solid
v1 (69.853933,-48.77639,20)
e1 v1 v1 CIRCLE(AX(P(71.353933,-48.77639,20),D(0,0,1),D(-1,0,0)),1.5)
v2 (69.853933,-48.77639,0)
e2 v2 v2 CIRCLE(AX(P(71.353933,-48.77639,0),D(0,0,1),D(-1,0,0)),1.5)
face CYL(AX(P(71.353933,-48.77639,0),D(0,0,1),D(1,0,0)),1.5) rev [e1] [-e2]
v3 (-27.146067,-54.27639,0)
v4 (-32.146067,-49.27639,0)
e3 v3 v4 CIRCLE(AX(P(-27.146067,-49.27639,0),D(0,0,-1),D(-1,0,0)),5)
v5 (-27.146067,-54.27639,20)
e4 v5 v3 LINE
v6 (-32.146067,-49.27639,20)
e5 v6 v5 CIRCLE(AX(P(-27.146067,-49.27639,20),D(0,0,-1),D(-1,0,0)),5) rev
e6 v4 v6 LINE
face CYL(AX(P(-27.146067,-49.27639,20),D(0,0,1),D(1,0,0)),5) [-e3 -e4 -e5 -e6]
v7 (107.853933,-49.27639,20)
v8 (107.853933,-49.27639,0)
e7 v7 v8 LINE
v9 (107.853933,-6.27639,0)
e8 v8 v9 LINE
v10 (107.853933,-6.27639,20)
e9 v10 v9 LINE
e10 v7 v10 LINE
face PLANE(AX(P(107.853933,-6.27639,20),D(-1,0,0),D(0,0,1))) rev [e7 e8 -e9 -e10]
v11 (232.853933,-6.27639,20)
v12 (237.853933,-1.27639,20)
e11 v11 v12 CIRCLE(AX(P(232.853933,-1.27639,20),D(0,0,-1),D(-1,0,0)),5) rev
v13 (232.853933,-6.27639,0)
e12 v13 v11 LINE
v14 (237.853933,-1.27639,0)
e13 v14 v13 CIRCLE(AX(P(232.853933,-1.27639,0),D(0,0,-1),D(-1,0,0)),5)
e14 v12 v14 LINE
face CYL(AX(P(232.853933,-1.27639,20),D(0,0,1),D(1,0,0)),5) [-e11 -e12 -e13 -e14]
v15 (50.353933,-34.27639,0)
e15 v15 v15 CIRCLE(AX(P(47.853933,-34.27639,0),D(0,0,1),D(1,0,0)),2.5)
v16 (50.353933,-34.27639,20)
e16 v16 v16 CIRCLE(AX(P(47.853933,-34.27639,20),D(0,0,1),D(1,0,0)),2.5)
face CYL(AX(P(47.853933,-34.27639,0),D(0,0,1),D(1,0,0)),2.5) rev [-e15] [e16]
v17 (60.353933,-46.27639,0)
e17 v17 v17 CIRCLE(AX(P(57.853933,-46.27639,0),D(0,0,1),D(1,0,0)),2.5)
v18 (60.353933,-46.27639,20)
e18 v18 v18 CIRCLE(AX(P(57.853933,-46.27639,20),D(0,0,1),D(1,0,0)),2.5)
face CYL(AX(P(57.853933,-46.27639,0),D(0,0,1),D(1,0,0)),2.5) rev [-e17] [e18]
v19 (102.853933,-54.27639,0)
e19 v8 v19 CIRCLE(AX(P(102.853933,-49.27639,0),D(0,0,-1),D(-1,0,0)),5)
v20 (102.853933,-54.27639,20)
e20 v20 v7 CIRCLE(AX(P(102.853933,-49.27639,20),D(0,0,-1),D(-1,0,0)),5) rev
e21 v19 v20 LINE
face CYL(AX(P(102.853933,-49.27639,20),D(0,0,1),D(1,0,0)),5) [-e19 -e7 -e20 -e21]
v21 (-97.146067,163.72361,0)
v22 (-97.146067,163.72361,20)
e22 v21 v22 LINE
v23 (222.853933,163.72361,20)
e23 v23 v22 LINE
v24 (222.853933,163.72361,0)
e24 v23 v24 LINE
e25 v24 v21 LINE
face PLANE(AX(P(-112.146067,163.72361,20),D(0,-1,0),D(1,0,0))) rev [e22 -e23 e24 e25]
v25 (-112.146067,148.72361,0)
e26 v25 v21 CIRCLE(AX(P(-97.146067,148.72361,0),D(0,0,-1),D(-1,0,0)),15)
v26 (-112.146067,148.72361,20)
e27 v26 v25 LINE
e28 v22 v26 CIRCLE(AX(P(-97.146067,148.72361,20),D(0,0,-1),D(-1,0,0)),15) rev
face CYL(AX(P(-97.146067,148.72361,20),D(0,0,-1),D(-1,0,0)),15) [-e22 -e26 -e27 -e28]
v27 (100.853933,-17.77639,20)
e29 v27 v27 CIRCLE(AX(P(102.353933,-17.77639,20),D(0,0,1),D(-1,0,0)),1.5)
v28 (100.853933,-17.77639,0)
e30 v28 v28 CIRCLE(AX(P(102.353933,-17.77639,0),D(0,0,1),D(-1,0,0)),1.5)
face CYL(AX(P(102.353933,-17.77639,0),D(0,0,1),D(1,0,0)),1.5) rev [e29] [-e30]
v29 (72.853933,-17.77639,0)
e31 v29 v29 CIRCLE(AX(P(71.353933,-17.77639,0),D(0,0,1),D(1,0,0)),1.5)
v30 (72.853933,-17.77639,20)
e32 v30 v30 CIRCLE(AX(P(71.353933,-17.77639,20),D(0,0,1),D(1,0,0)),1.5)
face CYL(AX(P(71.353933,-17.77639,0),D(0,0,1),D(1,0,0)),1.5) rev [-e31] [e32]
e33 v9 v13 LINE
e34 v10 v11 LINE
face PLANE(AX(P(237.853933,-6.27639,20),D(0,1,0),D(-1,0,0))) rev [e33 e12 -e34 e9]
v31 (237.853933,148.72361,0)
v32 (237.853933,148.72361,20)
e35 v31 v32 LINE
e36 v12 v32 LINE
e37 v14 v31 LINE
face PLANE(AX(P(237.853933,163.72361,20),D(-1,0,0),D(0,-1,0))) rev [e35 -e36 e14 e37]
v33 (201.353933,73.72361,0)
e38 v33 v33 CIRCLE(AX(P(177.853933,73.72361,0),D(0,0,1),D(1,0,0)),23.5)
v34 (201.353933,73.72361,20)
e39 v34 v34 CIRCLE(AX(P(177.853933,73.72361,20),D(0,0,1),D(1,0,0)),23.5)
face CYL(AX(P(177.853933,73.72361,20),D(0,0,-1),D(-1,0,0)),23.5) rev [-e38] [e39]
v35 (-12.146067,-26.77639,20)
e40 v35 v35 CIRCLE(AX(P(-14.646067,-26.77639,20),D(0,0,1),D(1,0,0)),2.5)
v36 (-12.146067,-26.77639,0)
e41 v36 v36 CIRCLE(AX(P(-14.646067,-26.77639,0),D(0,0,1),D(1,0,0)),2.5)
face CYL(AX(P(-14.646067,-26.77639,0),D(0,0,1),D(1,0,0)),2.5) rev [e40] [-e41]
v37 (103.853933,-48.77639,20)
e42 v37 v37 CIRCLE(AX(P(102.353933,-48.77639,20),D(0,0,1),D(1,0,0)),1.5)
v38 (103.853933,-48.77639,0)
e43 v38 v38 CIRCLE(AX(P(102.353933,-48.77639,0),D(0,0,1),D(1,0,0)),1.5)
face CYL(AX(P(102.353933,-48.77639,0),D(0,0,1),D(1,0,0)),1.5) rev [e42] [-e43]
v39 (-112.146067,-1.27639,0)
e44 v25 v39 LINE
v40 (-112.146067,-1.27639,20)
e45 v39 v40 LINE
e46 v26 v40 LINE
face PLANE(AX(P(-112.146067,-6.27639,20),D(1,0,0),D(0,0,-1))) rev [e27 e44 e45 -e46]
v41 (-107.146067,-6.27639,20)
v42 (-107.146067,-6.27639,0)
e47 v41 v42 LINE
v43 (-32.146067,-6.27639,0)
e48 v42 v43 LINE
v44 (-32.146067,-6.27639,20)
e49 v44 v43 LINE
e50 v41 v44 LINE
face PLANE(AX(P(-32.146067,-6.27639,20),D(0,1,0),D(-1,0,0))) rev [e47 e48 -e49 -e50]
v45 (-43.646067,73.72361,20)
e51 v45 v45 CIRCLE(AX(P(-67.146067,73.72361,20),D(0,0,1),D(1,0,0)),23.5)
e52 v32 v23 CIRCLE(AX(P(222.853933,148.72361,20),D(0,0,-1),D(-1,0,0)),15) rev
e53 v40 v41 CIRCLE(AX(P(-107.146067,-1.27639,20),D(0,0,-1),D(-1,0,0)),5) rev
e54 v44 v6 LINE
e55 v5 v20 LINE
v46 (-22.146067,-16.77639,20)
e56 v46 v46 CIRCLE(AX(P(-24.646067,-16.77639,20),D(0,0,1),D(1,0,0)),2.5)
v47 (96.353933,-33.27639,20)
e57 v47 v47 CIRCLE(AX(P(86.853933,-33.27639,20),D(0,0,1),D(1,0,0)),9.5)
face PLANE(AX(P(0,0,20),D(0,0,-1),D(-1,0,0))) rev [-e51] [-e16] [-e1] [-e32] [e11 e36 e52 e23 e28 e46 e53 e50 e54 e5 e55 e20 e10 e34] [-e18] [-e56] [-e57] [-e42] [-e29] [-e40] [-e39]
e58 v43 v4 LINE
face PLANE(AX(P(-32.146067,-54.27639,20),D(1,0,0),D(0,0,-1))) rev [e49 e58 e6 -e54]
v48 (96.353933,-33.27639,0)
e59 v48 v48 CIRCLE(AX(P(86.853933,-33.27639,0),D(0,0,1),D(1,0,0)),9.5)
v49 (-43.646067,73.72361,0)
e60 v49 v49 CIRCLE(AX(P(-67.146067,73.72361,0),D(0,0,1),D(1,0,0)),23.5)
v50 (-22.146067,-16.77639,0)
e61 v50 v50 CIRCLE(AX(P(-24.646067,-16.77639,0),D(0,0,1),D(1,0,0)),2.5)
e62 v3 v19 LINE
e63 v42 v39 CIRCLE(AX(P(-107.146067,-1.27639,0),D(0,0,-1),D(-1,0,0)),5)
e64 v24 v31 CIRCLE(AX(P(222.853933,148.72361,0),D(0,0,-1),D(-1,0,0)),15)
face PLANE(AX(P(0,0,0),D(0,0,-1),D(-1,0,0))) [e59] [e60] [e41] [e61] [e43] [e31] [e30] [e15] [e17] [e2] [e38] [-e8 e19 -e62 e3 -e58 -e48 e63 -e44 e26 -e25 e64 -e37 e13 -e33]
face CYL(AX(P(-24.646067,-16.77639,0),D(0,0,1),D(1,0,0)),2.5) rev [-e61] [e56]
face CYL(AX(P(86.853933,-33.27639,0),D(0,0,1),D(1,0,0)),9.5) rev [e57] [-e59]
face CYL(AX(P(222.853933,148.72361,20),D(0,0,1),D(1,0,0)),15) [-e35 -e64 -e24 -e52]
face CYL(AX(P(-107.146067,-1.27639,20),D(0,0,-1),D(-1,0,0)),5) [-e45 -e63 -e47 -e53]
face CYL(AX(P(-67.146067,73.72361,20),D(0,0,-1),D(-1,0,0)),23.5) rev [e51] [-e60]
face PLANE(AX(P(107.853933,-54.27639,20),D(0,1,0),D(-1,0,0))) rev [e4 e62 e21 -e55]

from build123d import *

# Parameters (mm, degrees)
SKETCH_1_R          = 23.5
EXTRUDE_1_DEPTH     = 20
SKETCH_2_R          = 2.5
CUT_EXTRUDE_1_DEPTH = 290.447601331
SKETCH_5_R          = 2.5
CUT_EXTRUDE_3_DEPTH = 290.447601331
SKETCH_6_R          = 9.5
SKETCH_6_R_2        = 1.5
CUT_EXTRUDE_4_DEPTH = 290.447601331
FILLET_1_R          = 5
FILLET_2_R          = 5
FILLET_3_R          = 5
FILLET_4_R          = 5
FILLET_5_R          = 15
FILLET_6_R          = 15


with BuildPart() as part:
    # 草图1 → 凸台-拉伸1 (new body)
    with BuildSketch(Plane.XY):
        Polygon((-112.146066939, 163.723609917), (237.853933061, 163.723609917), (237.853933061, -6.276390083), (107.853933061, -6.276390083), (107.853933061, -54.276390083), (-32.146066939, -54.276390083), (-32.146066939, -6.276390083), (-112.146066939, -6.276390083), align=None)
        with Locations((177.853933061, 73.723609917)):
            Circle(SKETCH_1_R, mode=Mode.SUBTRACT)
        with Locations((-67.146066939, 73.723609917)):
            Circle(SKETCH_1_R, mode=Mode.SUBTRACT)
    extrude(amount=EXTRUDE_1_DEPTH)

    # 草图2 → 切除-拉伸1 (cut, through all)
    with BuildSketch(Plane.XY.offset(20)):
        with Locations((47.853933061, -34.276390083)):
            Circle(SKETCH_2_R)
        with Locations((57.853933061, -46.276390083)):
            Circle(SKETCH_2_R)
    extrude(amount=-CUT_EXTRUDE_1_DEPTH, mode=Mode.SUBTRACT)

    # 草图5 → 切除-拉伸3 (cut, through all)
    with BuildSketch(Plane.XY.offset(20)):
        with Locations((-24.646066939, -16.776390083)):
            Circle(SKETCH_5_R)
        with Locations((-14.646066939, -26.776390083)):
            Circle(SKETCH_5_R)
    extrude(amount=-CUT_EXTRUDE_3_DEPTH, mode=Mode.SUBTRACT)

    # 草图6 → 切除-拉伸4 (cut, through all)
    with BuildSketch(Plane.XY.offset(20)):
        with Locations((86.853933061, -33.276390083)):
            Circle(SKETCH_6_R)
        with Locations((71.353933061, -17.776390083)):
            Circle(SKETCH_6_R_2)
        with Locations(Location((71.353933061, -48.776390083, 0), (0, 0, 180))):
            Circle(SKETCH_6_R_2)
        with Locations((102.353933061, -48.776390083)):
            Circle(SKETCH_6_R_2)
        with Locations(Location((102.353933061, -17.776390083, 0), (0, 0, 180))):
            Circle(SKETCH_6_R_2)
    extrude(amount=-CUT_EXTRUDE_4_DEPTH, mode=Mode.SUBTRACT)

    # 圆角1
    fillet_1_edges = [part.edges().sort_by_distance(p)[0] for p in [
        (-32.146066939, -54.276390083, 10),
    ]]
    fillet(fillet_1_edges, radius=FILLET_1_R)

    # 圆角2
    fillet_2_edges = [part.edges().sort_by_distance(p)[0] for p in [
        (107.853933061, -54.276390083, 10),
    ]]
    fillet(fillet_2_edges, radius=FILLET_2_R)

    # 圆角3
    fillet_3_edges = [part.edges().sort_by_distance(p)[0] for p in [
        (237.853933061, -6.276390083, 10),
    ]]
    fillet(fillet_3_edges, radius=FILLET_3_R)

    # 圆角4
    fillet_4_edges = [part.edges().sort_by_distance(p)[0] for p in [
        (-112.146066939, -6.276390083, 10),
    ]]
    fillet(fillet_4_edges, radius=FILLET_4_R)

    # 圆角5
    fillet_5_edges = [part.edges().sort_by_distance(p)[0] for p in [
        (-112.146066939, 163.723609917, 10),
    ]]
    fillet(fillet_5_edges, radius=FILLET_5_R)

    # 圆角6
    fillet_6_edges = [part.edges().sort_by_distance(p)[0] for p in [
        (237.853933061, 163.723609917, 10),
    ]]
    fillet(fillet_6_edges, radius=FILLET_6_R)


solid = part.part
